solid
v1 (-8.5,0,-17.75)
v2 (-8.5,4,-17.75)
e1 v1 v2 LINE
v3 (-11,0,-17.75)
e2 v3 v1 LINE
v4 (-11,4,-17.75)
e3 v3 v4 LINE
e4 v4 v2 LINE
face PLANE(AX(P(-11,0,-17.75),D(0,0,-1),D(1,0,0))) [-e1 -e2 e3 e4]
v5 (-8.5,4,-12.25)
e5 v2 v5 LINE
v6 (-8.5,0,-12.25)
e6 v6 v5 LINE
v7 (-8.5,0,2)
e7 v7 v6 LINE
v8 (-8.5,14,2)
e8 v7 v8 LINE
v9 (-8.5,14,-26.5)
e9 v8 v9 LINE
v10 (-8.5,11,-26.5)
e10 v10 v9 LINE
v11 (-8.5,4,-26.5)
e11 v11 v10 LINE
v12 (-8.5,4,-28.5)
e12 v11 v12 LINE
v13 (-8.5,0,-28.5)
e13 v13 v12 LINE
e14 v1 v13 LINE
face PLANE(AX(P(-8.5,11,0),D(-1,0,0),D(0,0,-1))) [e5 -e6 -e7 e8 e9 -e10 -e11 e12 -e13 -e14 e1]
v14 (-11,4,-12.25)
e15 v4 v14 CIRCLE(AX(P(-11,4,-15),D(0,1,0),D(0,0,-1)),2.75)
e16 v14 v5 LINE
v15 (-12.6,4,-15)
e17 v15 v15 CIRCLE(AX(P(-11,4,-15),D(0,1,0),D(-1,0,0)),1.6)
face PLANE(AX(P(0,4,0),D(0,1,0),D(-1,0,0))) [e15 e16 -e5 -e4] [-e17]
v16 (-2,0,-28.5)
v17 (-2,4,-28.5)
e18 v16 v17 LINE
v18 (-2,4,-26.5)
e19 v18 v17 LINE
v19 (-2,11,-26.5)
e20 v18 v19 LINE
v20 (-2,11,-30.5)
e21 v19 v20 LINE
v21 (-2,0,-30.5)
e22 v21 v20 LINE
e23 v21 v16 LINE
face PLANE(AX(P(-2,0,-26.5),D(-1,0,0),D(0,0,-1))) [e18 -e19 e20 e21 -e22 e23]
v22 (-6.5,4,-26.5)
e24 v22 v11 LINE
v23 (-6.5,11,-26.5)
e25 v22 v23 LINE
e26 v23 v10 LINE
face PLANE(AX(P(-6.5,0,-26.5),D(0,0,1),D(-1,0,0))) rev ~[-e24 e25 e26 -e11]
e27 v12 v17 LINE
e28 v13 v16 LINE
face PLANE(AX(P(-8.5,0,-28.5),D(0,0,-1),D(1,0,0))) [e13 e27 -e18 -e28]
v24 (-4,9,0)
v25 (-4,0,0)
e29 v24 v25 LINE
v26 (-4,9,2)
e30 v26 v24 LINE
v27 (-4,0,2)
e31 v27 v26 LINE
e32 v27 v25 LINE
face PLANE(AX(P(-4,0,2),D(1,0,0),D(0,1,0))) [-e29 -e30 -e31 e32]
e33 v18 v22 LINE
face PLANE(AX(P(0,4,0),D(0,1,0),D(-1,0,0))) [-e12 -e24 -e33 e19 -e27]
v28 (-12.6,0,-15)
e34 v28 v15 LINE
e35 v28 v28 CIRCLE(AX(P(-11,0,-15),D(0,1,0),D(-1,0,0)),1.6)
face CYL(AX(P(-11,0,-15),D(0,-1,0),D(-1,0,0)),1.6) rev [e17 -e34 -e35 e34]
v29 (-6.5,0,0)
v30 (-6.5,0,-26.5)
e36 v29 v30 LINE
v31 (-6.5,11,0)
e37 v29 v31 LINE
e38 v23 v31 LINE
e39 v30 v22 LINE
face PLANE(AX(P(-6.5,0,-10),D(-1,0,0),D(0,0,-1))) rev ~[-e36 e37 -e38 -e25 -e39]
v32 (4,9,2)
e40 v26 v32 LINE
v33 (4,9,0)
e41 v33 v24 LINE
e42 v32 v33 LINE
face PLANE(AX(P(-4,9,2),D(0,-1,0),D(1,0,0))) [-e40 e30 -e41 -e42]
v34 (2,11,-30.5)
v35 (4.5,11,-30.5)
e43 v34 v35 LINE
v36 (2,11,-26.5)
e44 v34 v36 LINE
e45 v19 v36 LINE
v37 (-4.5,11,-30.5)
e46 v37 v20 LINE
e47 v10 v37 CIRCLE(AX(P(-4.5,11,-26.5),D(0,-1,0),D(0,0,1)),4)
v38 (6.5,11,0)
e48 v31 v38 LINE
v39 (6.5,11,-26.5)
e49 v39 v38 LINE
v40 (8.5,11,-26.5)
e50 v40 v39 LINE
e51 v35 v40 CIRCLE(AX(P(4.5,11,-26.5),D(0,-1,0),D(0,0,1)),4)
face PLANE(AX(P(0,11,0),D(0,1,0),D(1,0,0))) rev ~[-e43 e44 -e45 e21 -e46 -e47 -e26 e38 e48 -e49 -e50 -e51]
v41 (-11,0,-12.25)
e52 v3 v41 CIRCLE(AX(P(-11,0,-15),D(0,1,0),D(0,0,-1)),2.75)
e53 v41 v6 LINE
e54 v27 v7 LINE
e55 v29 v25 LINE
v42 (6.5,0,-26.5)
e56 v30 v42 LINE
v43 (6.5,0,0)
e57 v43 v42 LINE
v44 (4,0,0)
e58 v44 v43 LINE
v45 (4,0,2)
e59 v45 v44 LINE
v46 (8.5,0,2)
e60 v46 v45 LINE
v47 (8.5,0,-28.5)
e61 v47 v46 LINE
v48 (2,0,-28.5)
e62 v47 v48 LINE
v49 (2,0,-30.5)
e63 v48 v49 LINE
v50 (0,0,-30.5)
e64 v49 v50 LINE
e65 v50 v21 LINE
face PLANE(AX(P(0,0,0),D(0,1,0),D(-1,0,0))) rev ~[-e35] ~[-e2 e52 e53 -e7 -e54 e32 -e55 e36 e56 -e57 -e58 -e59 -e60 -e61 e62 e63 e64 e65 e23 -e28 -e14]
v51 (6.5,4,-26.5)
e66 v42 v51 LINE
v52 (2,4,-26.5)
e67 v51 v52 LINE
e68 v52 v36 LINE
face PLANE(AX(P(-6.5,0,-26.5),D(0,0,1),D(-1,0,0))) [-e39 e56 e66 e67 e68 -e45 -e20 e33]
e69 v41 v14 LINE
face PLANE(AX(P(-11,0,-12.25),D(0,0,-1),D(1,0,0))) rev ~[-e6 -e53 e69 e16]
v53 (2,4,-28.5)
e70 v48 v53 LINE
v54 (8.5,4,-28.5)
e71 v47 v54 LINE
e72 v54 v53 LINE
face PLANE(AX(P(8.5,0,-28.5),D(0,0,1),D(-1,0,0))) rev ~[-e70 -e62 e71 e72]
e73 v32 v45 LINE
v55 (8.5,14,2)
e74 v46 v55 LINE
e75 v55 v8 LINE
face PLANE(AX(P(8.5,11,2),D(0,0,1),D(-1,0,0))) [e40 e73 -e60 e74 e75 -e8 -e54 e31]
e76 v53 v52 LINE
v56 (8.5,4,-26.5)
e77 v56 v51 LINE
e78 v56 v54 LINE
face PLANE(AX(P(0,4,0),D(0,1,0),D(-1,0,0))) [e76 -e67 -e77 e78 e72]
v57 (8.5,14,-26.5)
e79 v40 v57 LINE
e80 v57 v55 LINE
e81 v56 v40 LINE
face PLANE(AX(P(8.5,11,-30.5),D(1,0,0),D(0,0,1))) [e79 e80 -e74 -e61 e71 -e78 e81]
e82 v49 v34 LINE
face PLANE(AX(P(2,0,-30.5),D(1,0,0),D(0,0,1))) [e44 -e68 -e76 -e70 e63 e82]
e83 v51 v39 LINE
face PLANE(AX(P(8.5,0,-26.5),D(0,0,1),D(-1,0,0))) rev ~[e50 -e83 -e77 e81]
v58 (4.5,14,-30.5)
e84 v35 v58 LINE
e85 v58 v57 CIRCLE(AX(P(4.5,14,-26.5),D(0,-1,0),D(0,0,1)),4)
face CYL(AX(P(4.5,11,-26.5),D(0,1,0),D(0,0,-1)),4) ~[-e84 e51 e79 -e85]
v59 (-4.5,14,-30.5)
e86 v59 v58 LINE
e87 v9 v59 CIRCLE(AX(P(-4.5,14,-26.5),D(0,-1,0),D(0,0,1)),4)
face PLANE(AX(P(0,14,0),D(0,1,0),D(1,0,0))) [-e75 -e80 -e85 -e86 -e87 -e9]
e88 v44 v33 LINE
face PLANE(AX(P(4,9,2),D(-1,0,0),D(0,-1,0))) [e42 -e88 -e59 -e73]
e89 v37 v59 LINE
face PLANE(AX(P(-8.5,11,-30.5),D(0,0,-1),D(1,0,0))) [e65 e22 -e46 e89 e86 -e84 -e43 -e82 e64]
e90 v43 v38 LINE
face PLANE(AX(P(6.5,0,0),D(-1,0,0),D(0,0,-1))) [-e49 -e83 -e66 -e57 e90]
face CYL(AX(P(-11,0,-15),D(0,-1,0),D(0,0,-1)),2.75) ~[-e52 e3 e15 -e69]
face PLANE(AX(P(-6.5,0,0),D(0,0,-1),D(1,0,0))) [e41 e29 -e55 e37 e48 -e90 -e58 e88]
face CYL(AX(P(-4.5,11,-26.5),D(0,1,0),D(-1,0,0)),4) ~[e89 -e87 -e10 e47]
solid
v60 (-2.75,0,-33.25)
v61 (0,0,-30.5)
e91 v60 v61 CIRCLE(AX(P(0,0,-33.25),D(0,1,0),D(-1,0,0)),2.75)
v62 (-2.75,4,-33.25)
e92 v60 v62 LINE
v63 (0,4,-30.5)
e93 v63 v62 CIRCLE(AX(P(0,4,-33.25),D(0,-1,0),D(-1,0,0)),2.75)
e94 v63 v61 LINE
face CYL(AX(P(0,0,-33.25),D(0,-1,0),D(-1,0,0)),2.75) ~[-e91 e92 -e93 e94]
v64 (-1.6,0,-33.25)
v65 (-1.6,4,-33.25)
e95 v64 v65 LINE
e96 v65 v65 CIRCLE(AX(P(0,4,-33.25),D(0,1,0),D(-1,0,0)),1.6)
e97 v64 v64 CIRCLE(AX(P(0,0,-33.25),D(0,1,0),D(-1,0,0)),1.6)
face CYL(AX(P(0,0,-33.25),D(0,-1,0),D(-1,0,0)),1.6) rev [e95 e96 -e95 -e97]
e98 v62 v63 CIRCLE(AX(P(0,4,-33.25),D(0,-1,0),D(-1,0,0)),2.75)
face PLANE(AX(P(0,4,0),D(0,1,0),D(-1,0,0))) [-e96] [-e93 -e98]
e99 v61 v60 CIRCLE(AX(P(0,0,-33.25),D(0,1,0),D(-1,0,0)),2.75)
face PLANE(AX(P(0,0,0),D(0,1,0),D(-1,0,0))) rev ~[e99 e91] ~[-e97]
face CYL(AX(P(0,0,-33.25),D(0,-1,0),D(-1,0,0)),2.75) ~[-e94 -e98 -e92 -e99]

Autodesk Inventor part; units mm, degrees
ref_plane "YZ Plane" through (0, 0, 0) normal (1, 0, 0) x (0, 1, 0)
ref_plane "XZ Plane" through (0, 0, 0) normal (0, 1, 0) x (-1, 0, 0)
ref_plane "XY Plane" through (0, 0, 0) normal (0, 0, 1) x (1, 0, 0)
sketch "Szkic1" plane through (0, 0, 0) normal (0, 1, 0) x (-1, 0, 0)
  line L0 (0, 0) -> (0, -26.5) construction
  line L1 (6.5, -26.5) -> (-6.5, -26.5)
  line L2 (6.5, 0) -> (-6.5, 0)
  line L3 (-6.5, 0) -> (-6.5, 2)
  line L4 (-6.5, 2) -> (6.5, 2)
  line L5 (6.5, 2) -> (6.5, 0)
  line L6 (-6.5, 0) -> (-6.5, -10)
  line L7 (6.5, 0) -> (6.5, -10)
  line L8 (6.5, -10) -> (6.5, -26.5)
  line L9 (-6.5, -10) -> (-6.5, -26.5)
  line L10 (-6.5, 2) -> (-8.5, 2)
  line L11 (2, -26.5) -> (2, -30.5)
  line L12 (2, -30.5) -> (-2, -30.5)
  line L13 (-2, -30.5) -> (-2, -26.5)
  line L14 (-8.5, 2) -> (-8.5, -26.5)
  line L15 (-8.5, -26.5) -> (-6.5, -26.5)
  line L16 (6.5, -26.5) -> (8.5, -26.5)
  line L17 (8.5, -26.5) -> (8.5, 2)
  line L18 (8.5, 2) -> (6.5, 2)
  line L19 (11, -15) -> (-11, -15) construction
  circle A0 centre (-11, -15) radius 1.6
  circle A1 centre (11, -15) radius 1.6
  arc A2 (-11, -12.25) -> (-11, -17.75) centre (-11, -15) ccw
  arc A3 (11, -17.75) -> (11, -12.25) centre (11, -15) ccw
  line L20 (11, -12.25) -> (8.5, -12.25)
  line L21 (11, -17.75) -> (8.5, -17.75)
  line L22 (-11, -17.75) -> (-8.5, -17.75)
  line L23 (-11, -12.25) -> (-8.5, -12.25)
  line L24 (0, -30.5) -> (0, -33.25) construction
  circle A4 centre (0, -33.25) radius 1.6
  circle A5 centre (0, -33.25) radius 2.75
  line L25 (2, -30.5) -> (2, -31.3625)
  line L26 (-2, -30.5) -> (-2, -31.3625)
  line L27 (8.5, -26.5) -> (8.5, -28.5)
  line L28 (8.5, -28.5) -> (2, -28.5)
  line L29 (-8.5, -26.5) -> (-8.5, -28.5)
  line L30 (-8.5, -28.5) -> (-2, -28.5)
  point P0 (0, -15)
  dimension "d0" = 26.5
  dimension "d1" = 13
  dimension "d2" = 2
  dimension "d3" = 13
  dimension "d4" = 10
  dimension "d5" = 10
  dimension "d6" = 4
  dimension "d7" = 4
  dimension "d8" = 4.5
  dimension "d9" = 2
  dimension "d10" = 2
  dimension "d11" = 22
  dimension "d12" = 3.2
  dimension "d13" = 3.2
  dimension "d14" = 5.5
  dimension "d15" = 5.5
  dimension "d16" = 15
  dimension "d33" = 2.75
  dimension "d34" = 3.2
  dimension "d35" = 2
  dimension "d36" = 2
extrude "Wyciągnięcie proste1" add sketch "Szkic1" along normal blind 11 contours L8 L7 L5 L18 L17 L16 | L11 L12 L13 L1 | L2 L3 L4 L5 | L15 L14 L10 L3 L6 L9
extrude "Wyciągnięcie proste2" add sketch "Szkic1" along normal blind 4 contours L16 L27 L28 L11 L1 | L13 L30 L29 L15 L1 | L17 L20 A3 L21 | A5
sketch "Szkic2" plane through (0, 11, 0) normal (0, 1, 0) x (1, 0, 0)
  line L0 (0, 0) -> (-8.5, 0)
  line L1 (-8.5, 0) -> (-8.5, 30.5)
  line L2 (-8.5, 30.5) -> (8.5, 30.5)
  line L3 (8.5, 30.5) -> (8.5, -2)
  line L4 (8.5, -2) -> (-8.5, -2)
  line L5 (-8.5, -2) -> (-8.5, 0)
  dimension "d21" = 8.5
  dimension "d22" = 17
  dimension "d23" = 32.5
  dimension "d24" = 2
extrude "Wyciągnięcie proste3" add sketch "Szkic2" along normal blind 3
fillet "Zaokrąglenie1" radius 4 2 edges at (8.5, 12.5, -30.5) (-8.5, 12.5, -30.5)
sketch "Szkic3" plane through (-8.5, 0, 2) normal (0, 0, 1) x (1, 0, 0)
  line L0 (0, 0) -> (8.5, 0) construction
  line L1 (4.5, 0) -> (12.5, 0)
  line L2 (4.5, 0) -> (4.5, 9)
  line L3 (4.5, 9) -> (12.5, 9)
  line L4 (12.5, 9) -> (12.5, 0)
  dimension "d28" = 8.5
  dimension "d29" = 8
  dimension "d30" = 9
extrude "Wyciągnięcie proste4" cut sketch "Szkic3" against normal blind 3
equation "\"d3\" = d1"
equation "\"d5\" = d4"
equation "\"d10\" = d9"
properties part number "Część2-prawo"
